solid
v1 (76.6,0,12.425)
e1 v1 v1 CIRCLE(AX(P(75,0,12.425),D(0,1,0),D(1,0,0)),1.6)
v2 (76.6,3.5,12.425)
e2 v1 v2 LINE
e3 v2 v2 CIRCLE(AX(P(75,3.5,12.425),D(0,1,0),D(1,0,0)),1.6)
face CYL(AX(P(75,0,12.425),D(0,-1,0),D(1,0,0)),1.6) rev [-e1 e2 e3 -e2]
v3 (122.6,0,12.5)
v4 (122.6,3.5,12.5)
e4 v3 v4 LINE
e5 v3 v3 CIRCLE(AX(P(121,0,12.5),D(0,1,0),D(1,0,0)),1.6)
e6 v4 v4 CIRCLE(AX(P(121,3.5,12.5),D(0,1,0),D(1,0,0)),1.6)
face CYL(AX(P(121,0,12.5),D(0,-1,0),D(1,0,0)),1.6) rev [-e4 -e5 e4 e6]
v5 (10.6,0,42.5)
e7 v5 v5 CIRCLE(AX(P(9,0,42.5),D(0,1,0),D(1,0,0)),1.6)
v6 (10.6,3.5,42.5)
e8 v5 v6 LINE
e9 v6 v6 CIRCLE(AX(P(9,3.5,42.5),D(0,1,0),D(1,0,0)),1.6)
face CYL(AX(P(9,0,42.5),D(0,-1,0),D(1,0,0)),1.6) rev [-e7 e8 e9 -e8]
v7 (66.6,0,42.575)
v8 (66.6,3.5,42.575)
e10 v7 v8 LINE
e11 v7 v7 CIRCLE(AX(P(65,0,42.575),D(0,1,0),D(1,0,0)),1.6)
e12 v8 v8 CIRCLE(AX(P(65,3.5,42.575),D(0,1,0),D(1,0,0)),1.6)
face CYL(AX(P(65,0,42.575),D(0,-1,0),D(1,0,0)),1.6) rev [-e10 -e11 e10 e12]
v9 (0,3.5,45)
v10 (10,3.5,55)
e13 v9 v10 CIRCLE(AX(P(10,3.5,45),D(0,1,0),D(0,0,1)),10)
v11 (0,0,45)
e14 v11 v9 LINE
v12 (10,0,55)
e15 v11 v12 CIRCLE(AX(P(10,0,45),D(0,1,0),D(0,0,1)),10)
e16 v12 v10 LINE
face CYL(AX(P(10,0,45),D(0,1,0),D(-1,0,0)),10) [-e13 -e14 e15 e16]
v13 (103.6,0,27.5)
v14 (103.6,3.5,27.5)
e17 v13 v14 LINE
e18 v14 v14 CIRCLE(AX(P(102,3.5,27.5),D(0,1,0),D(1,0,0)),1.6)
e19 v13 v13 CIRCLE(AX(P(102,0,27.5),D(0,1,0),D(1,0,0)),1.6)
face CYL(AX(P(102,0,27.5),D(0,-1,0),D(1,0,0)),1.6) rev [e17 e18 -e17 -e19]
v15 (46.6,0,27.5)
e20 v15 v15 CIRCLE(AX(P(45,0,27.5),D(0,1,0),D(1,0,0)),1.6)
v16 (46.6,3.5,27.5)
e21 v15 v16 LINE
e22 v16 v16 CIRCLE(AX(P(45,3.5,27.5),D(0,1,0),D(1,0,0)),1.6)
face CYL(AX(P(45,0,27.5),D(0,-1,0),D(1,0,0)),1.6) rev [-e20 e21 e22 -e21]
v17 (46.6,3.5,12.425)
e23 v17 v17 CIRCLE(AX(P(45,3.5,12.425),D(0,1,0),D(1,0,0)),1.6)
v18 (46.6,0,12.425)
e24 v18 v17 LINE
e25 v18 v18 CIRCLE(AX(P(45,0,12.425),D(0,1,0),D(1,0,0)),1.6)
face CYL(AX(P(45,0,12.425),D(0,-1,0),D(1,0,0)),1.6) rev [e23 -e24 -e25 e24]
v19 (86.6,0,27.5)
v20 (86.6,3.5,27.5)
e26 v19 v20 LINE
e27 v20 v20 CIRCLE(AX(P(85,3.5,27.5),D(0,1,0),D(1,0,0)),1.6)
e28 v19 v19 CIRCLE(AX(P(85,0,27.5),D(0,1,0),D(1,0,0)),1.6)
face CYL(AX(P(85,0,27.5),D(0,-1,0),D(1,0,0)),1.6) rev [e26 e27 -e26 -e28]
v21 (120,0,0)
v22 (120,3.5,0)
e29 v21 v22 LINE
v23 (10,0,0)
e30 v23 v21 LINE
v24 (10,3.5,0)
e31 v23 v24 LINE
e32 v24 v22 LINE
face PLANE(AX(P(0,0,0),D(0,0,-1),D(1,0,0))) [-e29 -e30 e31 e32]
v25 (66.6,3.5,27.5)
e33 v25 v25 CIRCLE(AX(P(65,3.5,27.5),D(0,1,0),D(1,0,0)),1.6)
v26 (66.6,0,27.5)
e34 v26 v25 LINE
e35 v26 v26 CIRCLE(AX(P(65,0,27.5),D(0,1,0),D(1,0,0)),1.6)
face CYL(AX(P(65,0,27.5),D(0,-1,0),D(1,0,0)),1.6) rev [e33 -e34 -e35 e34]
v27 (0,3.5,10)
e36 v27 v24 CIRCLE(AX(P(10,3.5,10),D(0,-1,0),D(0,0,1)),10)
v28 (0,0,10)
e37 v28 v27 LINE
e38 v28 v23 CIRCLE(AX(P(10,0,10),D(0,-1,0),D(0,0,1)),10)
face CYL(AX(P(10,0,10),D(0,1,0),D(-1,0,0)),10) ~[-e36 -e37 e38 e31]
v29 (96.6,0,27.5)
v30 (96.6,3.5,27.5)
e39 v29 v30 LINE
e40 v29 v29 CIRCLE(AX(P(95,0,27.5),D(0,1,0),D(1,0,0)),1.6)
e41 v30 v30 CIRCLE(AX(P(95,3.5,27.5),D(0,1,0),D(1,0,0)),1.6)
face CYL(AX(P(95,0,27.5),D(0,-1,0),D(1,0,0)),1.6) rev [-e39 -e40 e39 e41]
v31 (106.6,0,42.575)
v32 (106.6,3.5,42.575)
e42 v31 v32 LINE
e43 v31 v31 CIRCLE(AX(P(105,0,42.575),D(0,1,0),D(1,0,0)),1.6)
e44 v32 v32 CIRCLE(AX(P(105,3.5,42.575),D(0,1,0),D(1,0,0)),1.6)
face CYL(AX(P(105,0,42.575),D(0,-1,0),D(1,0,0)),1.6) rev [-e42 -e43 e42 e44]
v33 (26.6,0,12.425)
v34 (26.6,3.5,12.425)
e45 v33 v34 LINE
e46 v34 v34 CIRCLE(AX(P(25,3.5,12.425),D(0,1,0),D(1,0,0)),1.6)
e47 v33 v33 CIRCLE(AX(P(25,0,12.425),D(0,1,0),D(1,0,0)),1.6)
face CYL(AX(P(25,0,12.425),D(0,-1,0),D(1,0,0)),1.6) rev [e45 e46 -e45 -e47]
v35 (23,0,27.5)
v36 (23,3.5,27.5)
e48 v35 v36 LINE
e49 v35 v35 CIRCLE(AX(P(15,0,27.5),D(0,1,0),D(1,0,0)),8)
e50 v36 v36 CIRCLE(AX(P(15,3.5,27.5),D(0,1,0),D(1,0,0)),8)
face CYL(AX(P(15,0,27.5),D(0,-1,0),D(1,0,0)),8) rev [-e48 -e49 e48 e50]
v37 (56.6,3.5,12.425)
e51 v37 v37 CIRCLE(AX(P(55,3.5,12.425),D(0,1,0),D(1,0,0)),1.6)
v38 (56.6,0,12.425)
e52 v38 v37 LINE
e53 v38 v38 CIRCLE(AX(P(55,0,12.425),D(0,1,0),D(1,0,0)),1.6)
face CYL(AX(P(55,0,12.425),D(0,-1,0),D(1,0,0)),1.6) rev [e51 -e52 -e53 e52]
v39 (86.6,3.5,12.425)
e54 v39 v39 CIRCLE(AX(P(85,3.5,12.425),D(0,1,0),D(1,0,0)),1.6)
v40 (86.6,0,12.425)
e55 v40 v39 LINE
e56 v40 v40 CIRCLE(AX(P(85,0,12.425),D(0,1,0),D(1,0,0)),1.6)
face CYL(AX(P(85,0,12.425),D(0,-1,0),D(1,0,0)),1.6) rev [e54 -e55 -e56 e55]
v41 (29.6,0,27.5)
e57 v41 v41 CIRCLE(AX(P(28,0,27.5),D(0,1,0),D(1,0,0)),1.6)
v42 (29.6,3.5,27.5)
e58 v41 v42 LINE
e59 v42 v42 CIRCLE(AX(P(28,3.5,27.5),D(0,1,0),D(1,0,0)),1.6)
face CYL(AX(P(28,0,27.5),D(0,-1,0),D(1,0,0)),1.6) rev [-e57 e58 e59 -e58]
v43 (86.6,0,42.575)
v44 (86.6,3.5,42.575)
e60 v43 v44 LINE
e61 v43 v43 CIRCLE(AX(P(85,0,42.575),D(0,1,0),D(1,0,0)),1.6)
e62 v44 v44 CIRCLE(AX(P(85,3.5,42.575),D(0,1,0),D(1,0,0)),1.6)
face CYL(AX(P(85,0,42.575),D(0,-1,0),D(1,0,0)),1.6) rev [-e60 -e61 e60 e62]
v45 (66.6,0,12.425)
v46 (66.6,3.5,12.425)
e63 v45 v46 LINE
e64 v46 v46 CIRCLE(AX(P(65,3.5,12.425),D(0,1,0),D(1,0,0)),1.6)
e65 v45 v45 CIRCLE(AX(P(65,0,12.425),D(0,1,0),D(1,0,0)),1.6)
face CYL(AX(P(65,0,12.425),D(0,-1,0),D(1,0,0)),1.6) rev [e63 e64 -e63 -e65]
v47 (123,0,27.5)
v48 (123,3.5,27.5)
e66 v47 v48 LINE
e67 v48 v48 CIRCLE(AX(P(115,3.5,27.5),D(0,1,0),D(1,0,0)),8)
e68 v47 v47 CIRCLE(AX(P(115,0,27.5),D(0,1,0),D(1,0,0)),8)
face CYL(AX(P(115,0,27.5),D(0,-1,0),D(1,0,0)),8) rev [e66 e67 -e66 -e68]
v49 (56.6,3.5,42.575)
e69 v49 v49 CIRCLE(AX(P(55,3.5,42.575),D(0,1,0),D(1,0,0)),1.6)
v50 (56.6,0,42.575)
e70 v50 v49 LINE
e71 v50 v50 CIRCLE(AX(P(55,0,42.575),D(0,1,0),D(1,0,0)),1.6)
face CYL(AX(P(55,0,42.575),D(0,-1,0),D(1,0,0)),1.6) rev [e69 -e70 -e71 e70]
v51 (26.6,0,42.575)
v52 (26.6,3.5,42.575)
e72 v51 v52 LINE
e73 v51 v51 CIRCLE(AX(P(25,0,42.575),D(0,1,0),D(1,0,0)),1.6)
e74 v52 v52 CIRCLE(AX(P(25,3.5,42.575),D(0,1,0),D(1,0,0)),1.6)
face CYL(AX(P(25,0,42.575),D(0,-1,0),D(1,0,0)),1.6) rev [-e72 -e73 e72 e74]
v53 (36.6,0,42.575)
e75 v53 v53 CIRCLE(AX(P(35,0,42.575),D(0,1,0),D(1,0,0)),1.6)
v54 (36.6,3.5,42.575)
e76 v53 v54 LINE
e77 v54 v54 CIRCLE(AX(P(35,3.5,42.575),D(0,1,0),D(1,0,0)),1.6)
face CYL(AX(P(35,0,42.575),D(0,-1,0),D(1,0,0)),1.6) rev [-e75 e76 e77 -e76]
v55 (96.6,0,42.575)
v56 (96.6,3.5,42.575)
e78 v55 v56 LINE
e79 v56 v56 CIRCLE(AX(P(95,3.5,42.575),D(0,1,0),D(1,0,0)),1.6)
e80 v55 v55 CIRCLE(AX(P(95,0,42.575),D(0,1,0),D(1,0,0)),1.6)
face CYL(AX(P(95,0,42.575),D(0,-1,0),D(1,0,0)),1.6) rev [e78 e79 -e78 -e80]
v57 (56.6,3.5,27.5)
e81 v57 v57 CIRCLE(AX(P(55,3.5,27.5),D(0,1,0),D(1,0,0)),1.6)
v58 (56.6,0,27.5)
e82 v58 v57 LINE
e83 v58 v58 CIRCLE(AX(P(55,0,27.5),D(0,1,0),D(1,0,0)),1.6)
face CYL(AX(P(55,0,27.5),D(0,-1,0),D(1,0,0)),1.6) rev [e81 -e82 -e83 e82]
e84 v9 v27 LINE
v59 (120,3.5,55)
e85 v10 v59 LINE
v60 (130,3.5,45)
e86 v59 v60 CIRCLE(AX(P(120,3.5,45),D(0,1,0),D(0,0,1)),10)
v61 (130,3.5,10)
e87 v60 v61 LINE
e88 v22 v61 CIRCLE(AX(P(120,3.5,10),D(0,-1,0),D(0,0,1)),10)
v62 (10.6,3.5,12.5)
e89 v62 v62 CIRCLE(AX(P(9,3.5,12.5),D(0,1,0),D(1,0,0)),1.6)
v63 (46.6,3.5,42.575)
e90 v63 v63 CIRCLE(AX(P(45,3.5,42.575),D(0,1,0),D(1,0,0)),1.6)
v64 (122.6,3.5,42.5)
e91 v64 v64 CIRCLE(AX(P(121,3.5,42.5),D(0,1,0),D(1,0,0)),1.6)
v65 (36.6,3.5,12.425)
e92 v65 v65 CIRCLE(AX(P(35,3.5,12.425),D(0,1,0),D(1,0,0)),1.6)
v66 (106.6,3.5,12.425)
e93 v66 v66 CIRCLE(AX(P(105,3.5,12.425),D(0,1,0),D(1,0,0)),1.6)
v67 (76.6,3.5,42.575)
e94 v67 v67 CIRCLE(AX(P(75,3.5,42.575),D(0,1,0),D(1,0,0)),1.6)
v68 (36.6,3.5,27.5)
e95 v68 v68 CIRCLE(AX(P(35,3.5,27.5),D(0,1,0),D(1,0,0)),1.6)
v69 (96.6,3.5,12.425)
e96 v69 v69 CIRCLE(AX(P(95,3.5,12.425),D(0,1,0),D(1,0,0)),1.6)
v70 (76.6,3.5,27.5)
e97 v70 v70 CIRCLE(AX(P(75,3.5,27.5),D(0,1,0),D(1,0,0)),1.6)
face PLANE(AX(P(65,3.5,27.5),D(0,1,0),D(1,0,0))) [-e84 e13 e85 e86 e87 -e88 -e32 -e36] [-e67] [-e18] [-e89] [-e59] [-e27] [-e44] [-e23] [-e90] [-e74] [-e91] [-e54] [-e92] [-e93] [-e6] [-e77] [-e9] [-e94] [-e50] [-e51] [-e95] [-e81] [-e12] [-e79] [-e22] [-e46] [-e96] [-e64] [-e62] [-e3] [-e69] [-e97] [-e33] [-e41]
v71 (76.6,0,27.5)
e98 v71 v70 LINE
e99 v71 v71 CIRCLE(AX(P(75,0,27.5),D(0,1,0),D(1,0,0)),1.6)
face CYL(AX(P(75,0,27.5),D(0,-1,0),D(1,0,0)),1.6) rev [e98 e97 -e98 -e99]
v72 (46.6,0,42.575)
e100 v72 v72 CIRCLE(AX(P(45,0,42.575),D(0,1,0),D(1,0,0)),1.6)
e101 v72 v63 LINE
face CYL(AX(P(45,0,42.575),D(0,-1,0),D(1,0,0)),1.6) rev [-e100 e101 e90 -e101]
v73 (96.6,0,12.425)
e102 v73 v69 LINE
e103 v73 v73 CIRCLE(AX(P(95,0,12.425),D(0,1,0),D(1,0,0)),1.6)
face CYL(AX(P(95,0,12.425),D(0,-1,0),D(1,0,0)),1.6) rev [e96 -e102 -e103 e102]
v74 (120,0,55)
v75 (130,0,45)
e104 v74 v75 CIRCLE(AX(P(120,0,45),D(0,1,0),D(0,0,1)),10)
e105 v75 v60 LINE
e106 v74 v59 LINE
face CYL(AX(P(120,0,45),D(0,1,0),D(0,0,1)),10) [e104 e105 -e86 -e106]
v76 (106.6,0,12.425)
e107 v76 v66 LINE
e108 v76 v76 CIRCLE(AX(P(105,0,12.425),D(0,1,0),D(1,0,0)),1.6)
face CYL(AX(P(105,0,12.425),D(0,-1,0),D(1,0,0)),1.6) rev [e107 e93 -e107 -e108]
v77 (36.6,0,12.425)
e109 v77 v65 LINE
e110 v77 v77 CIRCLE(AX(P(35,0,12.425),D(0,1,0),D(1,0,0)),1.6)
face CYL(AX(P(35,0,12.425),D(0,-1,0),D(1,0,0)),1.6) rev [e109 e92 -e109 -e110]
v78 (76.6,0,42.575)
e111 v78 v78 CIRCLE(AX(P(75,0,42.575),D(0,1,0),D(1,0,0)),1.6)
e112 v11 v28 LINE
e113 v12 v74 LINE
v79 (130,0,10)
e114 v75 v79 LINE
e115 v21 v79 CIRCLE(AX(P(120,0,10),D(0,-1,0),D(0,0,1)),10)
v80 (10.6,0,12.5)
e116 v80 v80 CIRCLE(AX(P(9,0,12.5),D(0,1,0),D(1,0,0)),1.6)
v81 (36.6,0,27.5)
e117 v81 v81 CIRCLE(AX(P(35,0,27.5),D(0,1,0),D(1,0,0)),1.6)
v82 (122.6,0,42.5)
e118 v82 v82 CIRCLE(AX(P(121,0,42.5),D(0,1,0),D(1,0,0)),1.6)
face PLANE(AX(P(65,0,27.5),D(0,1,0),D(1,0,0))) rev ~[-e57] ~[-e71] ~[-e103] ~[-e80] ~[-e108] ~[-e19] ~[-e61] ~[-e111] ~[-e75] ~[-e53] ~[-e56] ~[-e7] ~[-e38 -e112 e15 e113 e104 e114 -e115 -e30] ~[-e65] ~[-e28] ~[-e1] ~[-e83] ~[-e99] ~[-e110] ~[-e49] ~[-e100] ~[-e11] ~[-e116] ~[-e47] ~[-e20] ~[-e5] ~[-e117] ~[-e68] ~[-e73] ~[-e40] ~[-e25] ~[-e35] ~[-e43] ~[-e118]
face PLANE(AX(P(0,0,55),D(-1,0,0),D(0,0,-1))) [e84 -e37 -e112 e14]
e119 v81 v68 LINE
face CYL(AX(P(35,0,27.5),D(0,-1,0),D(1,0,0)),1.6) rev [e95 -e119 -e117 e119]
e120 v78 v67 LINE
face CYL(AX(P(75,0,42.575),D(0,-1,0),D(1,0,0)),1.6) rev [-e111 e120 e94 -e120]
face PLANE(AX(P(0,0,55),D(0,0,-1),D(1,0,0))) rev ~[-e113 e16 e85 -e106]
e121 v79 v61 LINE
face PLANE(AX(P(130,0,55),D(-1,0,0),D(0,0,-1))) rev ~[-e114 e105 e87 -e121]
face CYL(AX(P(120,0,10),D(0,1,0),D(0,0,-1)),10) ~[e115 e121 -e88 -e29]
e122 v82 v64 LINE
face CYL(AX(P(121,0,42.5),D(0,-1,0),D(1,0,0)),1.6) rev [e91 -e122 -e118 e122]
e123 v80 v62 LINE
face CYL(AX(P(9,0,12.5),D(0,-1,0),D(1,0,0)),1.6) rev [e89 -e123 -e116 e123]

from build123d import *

# Parameters (mm, degrees)
SKETCH1_W           = 130
SKETCH1_H           = 55
SKETCH1_R           = 1.6
SKETCH1_R_2         = 8
BOSS_EXTRUDE4_DEPTH = 3.5
FILLET4_R           = 10


with BuildPart() as part:
    # Sketch1 → Boss-Extrude4 (new body)
    with BuildSketch(Plane(origin=(0, 0, 0), x_dir=(1, 0, 0), z_dir=(0, 1, 0))):
        with Locations((65, -27.5)):
            Rectangle(SKETCH1_W, SKETCH1_H)
        with Locations((9, -12.5)):
            Circle(SKETCH1_R, mode=Mode.SUBTRACT)
        with Locations((9, -42.5)):
            Circle(SKETCH1_R, mode=Mode.SUBTRACT)
        with Locations((121, -42.5)):
            Circle(SKETCH1_R, mode=Mode.SUBTRACT)
        with Locations((121, -12.5)):
            Circle(SKETCH1_R, mode=Mode.SUBTRACT)
        with Locations((15, -27.5)):
            Circle(SKETCH1_R_2, mode=Mode.SUBTRACT)
        with Locations((115, -27.5)):
            Circle(SKETCH1_R_2, mode=Mode.SUBTRACT)
        with Locations((65, -12.425)):
            Circle(SKETCH1_R, mode=Mode.SUBTRACT)
        with Locations((65, -42.575)):
            Circle(SKETCH1_R, mode=Mode.SUBTRACT)
        with Locations((75, -12.425)):
            Circle(SKETCH1_R, mode=Mode.SUBTRACT)
        with Locations((75, -42.575)):
            Circle(SKETCH1_R, mode=Mode.SUBTRACT)
        with Locations((85, -12.425)):
            Circle(SKETCH1_R, mode=Mode.SUBTRACT)
        with Locations((85, -42.575)):
            Circle(SKETCH1_R, mode=Mode.SUBTRACT)
        with Locations((95, -12.425)):
            Circle(SKETCH1_R, mode=Mode.SUBTRACT)
        with Locations((95, -42.575)):
            Circle(SKETCH1_R, mode=Mode.SUBTRACT)
        with Locations((105, -12.425)):
            Circle(SKETCH1_R, mode=Mode.SUBTRACT)
        with Locations((105, -42.575)):
            Circle(SKETCH1_R, mode=Mode.SUBTRACT)
        with Locations((55, -12.425)):
            Circle(SKETCH1_R, mode=Mode.SUBTRACT)
        with Locations((55, -42.575)):
            Circle(SKETCH1_R, mode=Mode.SUBTRACT)
        with Locations((45, -12.425)):
            Circle(SKETCH1_R, mode=Mode.SUBTRACT)
        with Locations((45, -42.575)):
            Circle(SKETCH1_R, mode=Mode.SUBTRACT)
        with Locations((35, -12.425)):
            Circle(SKETCH1_R, mode=Mode.SUBTRACT)
        with Locations((35, -42.575)):
            Circle(SKETCH1_R, mode=Mode.SUBTRACT)
        with Locations((25, -12.425)):
            Circle(SKETCH1_R, mode=Mode.SUBTRACT)
        with Locations((25, -42.575)):
            Circle(SKETCH1_R, mode=Mode.SUBTRACT)
        with Locations((65, -27.5)):
            Circle(SKETCH1_R, mode=Mode.SUBTRACT)
        with Locations((75, -27.5)):
            Circle(SKETCH1_R, mode=Mode.SUBTRACT)
        with Locations((85, -27.5)):
            Circle(SKETCH1_R, mode=Mode.SUBTRACT)
        with Locations((95, -27.5)):
            Circle(SKETCH1_R, mode=Mode.SUBTRACT)
        with Locations((55, -27.5)):
            Circle(SKETCH1_R, mode=Mode.SUBTRACT)
        with Locations((45, -27.5)):
            Circle(SKETCH1_R, mode=Mode.SUBTRACT)
        with Locations((35, -27.5)):
            Circle(SKETCH1_R, mode=Mode.SUBTRACT)
        with Locations((28, -27.5)):
            Circle(SKETCH1_R, mode=Mode.SUBTRACT)
        with Locations((102, -27.5)):
            Circle(SKETCH1_R, mode=Mode.SUBTRACT)
    extrude(amount=BOSS_EXTRUDE4_DEPTH)

    # Fillet4
    fillet4_edges = [part.edges().sort_by_distance(p)[0] for p in [
        (0, 1.75, 0),
        (130, 1.75, 0),
        (130, 1.75, 55),
        (0, 1.75, 55),
    ]]
    fillet(fillet4_edges, radius=FILLET4_R)


solid = part.part
